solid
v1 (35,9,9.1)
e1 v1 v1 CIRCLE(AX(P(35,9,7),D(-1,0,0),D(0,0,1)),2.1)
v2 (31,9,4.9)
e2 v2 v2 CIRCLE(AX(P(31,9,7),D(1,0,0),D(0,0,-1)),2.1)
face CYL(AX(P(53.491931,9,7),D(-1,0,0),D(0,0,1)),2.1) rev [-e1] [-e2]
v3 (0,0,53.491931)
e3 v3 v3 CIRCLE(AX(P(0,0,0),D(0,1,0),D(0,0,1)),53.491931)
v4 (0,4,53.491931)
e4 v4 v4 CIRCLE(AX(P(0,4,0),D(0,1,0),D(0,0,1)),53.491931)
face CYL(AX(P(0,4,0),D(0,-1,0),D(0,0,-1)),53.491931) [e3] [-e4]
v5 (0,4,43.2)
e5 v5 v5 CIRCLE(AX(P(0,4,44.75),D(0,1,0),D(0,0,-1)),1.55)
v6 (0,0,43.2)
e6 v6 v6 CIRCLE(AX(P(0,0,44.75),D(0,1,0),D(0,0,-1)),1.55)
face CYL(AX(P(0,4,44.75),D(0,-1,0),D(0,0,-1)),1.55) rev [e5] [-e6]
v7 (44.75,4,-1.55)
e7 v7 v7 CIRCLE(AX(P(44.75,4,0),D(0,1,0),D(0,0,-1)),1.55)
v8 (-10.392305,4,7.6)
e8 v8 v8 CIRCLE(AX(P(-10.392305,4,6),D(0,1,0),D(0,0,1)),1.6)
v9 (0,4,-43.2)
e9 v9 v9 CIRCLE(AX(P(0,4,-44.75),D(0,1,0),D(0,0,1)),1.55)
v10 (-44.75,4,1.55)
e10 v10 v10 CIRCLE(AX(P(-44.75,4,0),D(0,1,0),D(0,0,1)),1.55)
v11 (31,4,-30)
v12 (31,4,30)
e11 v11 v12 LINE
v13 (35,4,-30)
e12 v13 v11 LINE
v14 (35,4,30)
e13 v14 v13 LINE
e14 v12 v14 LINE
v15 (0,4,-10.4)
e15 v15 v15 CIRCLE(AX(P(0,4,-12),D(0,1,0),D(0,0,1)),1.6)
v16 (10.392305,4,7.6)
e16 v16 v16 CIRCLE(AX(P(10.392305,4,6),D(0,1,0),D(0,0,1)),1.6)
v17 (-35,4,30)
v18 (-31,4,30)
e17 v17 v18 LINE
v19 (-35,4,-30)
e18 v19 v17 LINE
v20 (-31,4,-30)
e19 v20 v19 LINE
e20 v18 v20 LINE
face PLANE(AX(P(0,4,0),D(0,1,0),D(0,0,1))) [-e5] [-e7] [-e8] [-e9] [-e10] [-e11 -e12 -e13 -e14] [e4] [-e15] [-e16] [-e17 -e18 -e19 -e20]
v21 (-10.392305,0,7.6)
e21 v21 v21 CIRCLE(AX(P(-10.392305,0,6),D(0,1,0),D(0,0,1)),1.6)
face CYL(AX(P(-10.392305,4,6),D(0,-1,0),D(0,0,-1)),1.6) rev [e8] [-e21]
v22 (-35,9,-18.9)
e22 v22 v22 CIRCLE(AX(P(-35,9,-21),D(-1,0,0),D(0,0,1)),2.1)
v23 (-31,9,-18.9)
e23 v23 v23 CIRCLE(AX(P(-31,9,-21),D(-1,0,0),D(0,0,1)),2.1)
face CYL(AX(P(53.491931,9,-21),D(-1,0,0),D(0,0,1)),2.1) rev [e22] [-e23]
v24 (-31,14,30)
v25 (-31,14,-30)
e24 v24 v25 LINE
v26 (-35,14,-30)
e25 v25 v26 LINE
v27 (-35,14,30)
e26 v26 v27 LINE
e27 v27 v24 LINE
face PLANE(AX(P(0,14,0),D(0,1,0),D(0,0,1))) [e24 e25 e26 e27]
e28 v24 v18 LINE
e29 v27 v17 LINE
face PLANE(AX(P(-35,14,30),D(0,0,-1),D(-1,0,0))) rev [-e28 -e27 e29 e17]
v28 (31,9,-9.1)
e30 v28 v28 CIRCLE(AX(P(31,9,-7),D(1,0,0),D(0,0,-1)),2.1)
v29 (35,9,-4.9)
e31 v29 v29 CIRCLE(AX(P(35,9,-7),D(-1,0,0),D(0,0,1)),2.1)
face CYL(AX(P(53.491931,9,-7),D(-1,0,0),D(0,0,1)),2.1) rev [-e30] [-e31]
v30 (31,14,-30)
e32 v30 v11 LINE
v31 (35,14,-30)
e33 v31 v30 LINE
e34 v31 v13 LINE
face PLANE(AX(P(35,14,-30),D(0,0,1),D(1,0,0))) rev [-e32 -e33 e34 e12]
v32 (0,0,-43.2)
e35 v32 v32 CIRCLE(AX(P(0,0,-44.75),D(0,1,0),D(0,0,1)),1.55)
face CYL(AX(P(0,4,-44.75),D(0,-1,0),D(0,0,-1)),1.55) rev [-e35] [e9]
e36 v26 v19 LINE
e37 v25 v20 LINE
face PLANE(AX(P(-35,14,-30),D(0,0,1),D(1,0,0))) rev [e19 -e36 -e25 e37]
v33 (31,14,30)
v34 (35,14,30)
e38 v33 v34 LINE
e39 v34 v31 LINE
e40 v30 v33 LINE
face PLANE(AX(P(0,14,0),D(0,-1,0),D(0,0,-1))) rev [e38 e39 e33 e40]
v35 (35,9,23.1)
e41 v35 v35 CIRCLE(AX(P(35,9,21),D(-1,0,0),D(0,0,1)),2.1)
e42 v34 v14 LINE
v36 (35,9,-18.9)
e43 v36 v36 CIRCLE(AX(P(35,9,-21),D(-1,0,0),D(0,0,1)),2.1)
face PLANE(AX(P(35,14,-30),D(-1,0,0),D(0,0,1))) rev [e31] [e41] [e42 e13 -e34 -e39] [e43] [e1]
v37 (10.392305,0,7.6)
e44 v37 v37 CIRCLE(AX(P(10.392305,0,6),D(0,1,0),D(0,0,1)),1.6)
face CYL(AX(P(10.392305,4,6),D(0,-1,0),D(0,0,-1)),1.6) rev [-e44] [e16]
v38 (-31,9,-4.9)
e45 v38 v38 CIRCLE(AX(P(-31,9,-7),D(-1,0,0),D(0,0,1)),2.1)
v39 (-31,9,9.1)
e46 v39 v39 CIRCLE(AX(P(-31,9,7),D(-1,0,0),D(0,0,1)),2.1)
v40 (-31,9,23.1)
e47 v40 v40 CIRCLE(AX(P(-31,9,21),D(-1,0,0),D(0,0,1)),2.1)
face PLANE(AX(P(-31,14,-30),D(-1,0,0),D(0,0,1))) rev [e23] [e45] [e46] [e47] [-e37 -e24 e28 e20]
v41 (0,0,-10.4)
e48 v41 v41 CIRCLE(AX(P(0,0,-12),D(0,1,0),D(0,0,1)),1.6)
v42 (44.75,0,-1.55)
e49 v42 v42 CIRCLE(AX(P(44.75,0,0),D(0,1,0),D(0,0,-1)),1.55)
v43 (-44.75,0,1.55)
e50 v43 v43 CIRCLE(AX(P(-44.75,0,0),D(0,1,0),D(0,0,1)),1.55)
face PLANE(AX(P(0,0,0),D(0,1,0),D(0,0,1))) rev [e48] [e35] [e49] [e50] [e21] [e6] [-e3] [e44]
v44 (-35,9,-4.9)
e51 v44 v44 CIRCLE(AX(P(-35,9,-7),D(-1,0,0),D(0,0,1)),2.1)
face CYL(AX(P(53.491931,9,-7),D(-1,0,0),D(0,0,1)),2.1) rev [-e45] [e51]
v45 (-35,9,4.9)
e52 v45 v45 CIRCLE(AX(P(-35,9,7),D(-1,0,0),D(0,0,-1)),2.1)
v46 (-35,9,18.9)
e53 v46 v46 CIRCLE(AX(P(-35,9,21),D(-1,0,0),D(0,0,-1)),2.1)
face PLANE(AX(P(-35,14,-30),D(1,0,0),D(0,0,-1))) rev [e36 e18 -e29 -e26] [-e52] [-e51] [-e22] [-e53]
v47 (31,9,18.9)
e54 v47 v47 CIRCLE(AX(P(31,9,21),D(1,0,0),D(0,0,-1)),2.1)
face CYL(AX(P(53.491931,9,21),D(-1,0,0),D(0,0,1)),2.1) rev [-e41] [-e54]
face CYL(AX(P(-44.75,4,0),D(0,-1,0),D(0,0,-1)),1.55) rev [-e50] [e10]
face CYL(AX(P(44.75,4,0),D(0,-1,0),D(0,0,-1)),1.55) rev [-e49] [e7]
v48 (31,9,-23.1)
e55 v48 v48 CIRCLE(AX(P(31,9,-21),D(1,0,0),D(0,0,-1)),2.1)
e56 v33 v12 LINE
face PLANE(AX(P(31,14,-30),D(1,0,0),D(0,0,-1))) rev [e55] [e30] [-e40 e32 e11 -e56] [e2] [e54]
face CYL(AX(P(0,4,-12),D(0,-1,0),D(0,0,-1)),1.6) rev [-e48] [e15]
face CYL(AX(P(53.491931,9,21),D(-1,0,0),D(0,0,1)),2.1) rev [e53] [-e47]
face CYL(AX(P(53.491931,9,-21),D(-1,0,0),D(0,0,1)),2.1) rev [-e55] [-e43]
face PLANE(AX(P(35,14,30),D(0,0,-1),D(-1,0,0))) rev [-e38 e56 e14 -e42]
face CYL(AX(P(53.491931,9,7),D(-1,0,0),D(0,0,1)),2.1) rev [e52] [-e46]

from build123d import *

# Parameters (mm, degrees)
SKETCH_1_R             = 53.491930893
SKETCH_1_R_2           = 1.55
SKETCH_1_R_3           = 1.6
EXTRUDE_563_DEPTH      = 4
SKETCH_2_W             = 4
SKETCH_2_H             = 60
EXTRUDE_829_DEPTH      = 10
SKETCH_3_R             = 2.1
CUT_EXTRUDE_1129_DEPTH = 105.346578783


with BuildPart() as part:
    # 草图1 → Extrude 563 (new body)
    with BuildSketch(Plane(origin=(0, 0, 0), x_dir=(1, 0, 0), z_dir=(0, 1, 0))):
        with Locations(Location((0, 0, 0), (0, 0, 270))):
            Circle(SKETCH_1_R)
        with Locations(Location((0, 44.75, 0), (0, 0, 270))):
            Circle(SKETCH_1_R_2, mode=Mode.SUBTRACT)
        with Locations(Location((-44.75, 0, 0), (0, 0, 270))):
            Circle(SKETCH_1_R_2, mode=Mode.SUBTRACT)
        with Locations(Location((44.75, 0, 0), (0, 0, 90))):
            Circle(SKETCH_1_R_2, mode=Mode.SUBTRACT)
        with Locations(Location((0, -44.75, 0), (0, 0, 90))):
            Circle(SKETCH_1_R_2, mode=Mode.SUBTRACT)
        with Locations(Location((0, 12, 0), (0, 0, 270))):
            Circle(SKETCH_1_R_3, mode=Mode.SUBTRACT)
        with Locations(Location((10.392304845, -6, 0), (0, 0, 270))):
            Circle(SKETCH_1_R_3, mode=Mode.SUBTRACT)
        with Locations(Location((-10.392304845, -6, 0), (0, 0, 270))):
            Circle(SKETCH_1_R_3, mode=Mode.SUBTRACT)
    extrude(amount=EXTRUDE_563_DEPTH)

    # 草图2 → Extrude 829 (add)
    with BuildSketch(Plane(origin=(0, 4, 0), x_dir=(1, 0, 0), z_dir=(0, 1, 0))):
        with Locations((33, 0)):
            Rectangle(SKETCH_2_W, SKETCH_2_H)
        with Locations((-33, 0)):
            Rectangle(SKETCH_2_W, SKETCH_2_H)
    extrude(amount=EXTRUDE_829_DEPTH)

    # 草图3 → Cut-Extrude 1129 (cut, through all)
    with BuildSketch(Plane.ZY.offset(35)):
        with Locations((7, 9)):
            Circle(SKETCH_3_R)
        with Locations((-7, 9)):
            Circle(SKETCH_3_R)
        with Locations((-21, 9)):
            Circle(SKETCH_3_R)
        with Locations((21, 9)):
            Circle(SKETCH_3_R)
    extrude(amount=-CUT_EXTRUDE_1129_DEPTH, mode=Mode.SUBTRACT)


solid = part.part
